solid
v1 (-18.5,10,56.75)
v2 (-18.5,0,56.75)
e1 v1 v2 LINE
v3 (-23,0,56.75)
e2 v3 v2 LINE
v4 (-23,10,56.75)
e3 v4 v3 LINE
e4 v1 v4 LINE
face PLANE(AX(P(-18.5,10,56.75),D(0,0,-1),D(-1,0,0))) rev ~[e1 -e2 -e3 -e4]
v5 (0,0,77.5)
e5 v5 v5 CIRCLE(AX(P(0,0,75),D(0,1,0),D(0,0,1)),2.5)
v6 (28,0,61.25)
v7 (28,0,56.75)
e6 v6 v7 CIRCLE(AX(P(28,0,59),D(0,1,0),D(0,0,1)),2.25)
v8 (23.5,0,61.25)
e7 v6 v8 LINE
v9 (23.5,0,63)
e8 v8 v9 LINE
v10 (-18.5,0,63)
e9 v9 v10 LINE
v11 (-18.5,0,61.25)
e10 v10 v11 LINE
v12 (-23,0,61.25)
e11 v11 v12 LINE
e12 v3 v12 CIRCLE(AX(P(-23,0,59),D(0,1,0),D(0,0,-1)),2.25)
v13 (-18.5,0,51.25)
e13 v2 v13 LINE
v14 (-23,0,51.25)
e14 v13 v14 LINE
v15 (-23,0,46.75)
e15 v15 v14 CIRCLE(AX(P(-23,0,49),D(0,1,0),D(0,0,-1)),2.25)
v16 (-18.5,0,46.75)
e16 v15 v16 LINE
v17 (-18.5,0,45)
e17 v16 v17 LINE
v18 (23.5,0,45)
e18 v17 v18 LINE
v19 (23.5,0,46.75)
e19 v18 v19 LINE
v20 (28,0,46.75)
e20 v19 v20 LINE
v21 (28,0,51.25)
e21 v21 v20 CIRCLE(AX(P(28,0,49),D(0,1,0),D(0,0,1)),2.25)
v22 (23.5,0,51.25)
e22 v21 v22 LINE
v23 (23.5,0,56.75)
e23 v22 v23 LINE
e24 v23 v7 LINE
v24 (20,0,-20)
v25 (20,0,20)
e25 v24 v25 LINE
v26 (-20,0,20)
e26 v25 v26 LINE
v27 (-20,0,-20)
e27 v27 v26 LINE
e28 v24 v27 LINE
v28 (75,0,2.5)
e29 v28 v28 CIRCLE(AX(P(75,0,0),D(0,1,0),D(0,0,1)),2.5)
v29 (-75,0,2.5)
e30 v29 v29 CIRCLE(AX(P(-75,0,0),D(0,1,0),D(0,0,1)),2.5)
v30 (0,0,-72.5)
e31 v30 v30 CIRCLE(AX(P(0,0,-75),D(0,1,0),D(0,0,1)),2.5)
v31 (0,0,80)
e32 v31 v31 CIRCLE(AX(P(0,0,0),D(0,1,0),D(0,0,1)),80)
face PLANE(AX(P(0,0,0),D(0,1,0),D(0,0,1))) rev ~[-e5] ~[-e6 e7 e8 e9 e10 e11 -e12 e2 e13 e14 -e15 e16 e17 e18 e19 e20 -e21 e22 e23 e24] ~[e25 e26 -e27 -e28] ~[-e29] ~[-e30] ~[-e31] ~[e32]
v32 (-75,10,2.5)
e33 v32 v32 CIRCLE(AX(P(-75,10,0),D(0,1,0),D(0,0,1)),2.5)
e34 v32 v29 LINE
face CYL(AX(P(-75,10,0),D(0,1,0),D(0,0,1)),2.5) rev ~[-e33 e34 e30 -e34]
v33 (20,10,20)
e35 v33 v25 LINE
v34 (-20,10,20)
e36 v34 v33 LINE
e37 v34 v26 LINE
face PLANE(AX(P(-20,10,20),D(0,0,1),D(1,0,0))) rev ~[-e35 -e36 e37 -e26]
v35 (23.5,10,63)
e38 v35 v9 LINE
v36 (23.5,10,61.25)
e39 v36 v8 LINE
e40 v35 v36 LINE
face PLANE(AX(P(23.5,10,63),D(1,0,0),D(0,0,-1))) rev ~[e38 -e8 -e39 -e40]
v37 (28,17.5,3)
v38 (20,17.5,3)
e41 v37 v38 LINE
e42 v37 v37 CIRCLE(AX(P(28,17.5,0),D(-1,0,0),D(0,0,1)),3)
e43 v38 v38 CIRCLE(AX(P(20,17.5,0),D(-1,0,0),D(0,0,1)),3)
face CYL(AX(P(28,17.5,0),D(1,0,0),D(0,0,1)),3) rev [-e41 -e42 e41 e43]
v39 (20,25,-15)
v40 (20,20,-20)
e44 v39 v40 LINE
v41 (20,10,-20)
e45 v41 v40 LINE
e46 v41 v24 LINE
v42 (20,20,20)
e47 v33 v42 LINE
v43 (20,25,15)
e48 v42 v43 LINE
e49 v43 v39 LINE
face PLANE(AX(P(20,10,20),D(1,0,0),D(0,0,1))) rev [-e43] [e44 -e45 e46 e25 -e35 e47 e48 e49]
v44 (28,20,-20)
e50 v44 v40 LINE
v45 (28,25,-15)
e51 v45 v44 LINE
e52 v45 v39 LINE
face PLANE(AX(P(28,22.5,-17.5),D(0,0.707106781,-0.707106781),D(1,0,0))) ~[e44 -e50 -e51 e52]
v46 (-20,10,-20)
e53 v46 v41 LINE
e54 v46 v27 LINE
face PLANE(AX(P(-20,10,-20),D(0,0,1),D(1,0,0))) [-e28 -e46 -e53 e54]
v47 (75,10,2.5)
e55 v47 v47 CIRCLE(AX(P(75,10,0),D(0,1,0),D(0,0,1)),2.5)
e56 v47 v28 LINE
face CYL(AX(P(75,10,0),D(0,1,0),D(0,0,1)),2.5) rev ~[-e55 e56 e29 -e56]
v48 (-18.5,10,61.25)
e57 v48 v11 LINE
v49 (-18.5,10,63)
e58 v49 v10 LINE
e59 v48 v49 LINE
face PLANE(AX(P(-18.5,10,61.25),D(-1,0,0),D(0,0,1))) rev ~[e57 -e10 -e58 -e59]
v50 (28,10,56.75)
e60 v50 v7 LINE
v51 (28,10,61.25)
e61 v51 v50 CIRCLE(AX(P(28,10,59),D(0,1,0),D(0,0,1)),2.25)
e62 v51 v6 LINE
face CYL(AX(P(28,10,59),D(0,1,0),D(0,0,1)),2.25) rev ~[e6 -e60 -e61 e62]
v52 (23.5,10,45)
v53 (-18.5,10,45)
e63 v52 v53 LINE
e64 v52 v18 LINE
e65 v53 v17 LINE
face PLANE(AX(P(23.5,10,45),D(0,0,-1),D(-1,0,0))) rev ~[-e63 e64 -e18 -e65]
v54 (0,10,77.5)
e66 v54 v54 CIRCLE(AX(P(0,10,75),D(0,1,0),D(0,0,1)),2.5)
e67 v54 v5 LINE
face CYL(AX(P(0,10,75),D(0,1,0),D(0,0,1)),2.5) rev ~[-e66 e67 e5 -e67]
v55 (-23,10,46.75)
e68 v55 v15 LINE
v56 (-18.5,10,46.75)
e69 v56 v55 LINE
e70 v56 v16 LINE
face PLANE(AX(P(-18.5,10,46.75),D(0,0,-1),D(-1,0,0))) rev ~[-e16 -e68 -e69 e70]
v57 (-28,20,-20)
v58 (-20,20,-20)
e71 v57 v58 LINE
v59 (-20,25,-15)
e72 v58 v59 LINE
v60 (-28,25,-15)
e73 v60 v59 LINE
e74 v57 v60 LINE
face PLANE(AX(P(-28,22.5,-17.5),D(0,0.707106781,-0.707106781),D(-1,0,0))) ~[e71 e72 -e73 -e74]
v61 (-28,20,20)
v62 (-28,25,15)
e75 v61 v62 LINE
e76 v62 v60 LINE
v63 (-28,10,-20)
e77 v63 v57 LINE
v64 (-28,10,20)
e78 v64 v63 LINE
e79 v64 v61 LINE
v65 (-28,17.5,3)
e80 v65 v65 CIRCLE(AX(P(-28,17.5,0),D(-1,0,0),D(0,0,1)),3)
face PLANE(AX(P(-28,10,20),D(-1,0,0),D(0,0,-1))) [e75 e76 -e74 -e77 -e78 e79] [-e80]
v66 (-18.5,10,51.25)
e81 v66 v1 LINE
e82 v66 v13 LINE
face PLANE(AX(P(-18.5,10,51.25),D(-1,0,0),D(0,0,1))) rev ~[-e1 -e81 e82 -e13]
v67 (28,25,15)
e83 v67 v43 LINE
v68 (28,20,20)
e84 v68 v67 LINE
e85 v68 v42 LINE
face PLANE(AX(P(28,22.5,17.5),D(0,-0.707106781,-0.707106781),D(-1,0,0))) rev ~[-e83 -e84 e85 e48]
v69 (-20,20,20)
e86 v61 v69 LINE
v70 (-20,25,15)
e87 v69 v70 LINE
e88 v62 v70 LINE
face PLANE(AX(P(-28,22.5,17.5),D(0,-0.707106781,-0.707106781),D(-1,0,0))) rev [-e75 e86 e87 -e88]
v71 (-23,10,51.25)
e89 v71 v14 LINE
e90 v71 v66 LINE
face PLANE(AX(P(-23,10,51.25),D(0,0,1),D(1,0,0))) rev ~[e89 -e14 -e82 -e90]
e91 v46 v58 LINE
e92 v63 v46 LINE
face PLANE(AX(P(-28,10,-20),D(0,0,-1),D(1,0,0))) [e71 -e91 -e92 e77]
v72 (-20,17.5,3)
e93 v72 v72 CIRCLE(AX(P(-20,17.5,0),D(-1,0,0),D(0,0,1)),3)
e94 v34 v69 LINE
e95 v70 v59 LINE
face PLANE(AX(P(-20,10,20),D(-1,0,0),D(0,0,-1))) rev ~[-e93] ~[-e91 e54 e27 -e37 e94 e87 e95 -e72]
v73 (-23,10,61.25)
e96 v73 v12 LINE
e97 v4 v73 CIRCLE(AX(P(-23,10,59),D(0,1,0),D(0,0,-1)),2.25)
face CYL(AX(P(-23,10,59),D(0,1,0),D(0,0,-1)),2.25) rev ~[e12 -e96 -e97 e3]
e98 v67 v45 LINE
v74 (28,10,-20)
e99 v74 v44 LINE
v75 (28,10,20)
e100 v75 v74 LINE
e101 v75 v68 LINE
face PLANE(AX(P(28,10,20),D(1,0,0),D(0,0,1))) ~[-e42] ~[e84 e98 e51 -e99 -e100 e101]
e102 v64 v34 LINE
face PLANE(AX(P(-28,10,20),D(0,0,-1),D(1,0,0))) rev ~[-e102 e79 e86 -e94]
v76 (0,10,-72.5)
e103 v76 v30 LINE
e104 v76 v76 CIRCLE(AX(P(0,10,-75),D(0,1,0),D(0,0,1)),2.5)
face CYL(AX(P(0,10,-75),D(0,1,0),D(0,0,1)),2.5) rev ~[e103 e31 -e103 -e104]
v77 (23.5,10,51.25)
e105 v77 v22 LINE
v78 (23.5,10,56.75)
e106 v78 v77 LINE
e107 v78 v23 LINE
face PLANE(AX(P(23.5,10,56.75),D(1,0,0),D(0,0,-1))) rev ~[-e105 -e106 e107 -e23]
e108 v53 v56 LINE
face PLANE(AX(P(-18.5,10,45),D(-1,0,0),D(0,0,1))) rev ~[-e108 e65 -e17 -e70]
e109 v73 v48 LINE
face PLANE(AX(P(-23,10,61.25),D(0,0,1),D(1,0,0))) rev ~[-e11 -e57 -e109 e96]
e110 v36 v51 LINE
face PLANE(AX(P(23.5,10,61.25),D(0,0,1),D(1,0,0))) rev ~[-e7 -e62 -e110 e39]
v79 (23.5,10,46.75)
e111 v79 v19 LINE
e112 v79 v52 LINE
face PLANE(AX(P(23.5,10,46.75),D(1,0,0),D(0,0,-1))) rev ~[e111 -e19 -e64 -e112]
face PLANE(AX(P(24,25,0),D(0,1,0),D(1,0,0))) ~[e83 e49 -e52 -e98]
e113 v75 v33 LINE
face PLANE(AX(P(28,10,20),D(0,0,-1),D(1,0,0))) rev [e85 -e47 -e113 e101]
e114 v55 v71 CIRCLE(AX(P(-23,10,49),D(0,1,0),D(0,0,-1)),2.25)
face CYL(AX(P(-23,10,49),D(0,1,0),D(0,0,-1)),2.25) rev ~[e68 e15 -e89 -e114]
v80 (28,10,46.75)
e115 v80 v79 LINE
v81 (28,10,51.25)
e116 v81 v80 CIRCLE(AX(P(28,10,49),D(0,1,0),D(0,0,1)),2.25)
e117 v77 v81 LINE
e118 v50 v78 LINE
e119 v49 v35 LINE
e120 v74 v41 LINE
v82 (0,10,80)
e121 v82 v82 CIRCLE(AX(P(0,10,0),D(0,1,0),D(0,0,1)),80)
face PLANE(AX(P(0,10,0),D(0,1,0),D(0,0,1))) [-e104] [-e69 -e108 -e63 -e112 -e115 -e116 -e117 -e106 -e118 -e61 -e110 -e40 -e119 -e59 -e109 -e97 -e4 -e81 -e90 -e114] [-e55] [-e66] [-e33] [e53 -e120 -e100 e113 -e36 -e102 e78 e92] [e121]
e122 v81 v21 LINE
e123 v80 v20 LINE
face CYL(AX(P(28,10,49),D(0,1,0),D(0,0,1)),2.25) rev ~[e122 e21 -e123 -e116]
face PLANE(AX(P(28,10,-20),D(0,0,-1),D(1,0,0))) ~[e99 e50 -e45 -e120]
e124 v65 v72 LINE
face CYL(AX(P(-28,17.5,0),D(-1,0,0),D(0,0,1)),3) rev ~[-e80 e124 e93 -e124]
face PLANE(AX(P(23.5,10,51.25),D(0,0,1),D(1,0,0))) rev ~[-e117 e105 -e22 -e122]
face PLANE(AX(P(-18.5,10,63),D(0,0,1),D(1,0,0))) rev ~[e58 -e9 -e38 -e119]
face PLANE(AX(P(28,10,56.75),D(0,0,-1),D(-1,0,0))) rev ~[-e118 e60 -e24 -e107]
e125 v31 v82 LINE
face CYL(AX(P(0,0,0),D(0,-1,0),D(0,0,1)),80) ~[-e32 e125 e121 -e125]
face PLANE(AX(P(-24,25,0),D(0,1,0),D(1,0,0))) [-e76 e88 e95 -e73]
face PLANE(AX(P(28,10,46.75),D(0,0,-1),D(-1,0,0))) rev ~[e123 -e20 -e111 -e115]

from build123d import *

# Parameters (mm, degrees)
SKETCH1_R               = 80
BOSS_EXTRUDE1_DEPTH     = 10
CUT_EXTRUDE1_REACH      = 115.578
SKETCH2_R               = 2.5
CUT_EXTRUDE2_REACH      = 115.578
SKETCH3_W               = 40
SKETCH3_H               = 40
CUT_EXTRUDE3_REACH      = 115.578
SKETCH5_W               = 8
SKETCH5_H               = 40
BOSS_EXTRUDE2_DEPTH     = 15
FILLET1_SIZE            = 5
CUT_EXTRUDE4_REACH      = 138.708
SKETCH6_R               = 3
FILLET1_OF_MIRROR1_SIZE = 5


with BuildPart() as part:
    # Sketch1 → Boss-Extrude1 (new body)
    with BuildSketch(Plane(origin=(0, 0, 0), x_dir=(1, 0, 0), z_dir=(0, 1, 0))):
        with Locations(Location((0, 0, 0), (0, 0, 270))):
            Circle(SKETCH1_R)
    extrude(amount=BOSS_EXTRUDE1_DEPTH)

    # Sketch2 → Cut-Extrude1 (cut, up to next)
    with BuildSketch(Plane(origin=(0, 10, 0), x_dir=(1, 0, 0), z_dir=(0, 1, 0)), mode=Mode.PRIVATE) as cut_extrude1_sk1:
        with Locations(Location((-75, 0, 0), (0, 0, 270))):
            Circle(SKETCH2_R)
    cut_extrude1_tool1 = extrude(cut_extrude1_sk1.sketch, amount=-CUT_EXTRUDE1_REACH, mode=Mode.PRIVATE) & part.part
    # Sketch2 → Cut-Extrude1 (cut, up to next)
    with BuildSketch(Plane(origin=(0, 10, 0), x_dir=(1, 0, 0), z_dir=(0, 1, 0)), mode=Mode.PRIVATE) as cut_extrude1_sk2:
        with Locations(Location((0, 75, 0), (0, 0, 270))):
            Circle(SKETCH2_R)
    cut_extrude1_tool2 = extrude(cut_extrude1_sk2.sketch, amount=-CUT_EXTRUDE1_REACH, mode=Mode.PRIVATE) & part.part
    # Sketch2 → Cut-Extrude1 (cut, up to next)
    with BuildSketch(Plane(origin=(0, 10, 0), x_dir=(1, 0, 0), z_dir=(0, 1, 0)), mode=Mode.PRIVATE) as cut_extrude1_sk3:
        with Locations(Location((75, 0, 0), (0, 0, 270))):
            Circle(SKETCH2_R)
    cut_extrude1_tool3 = extrude(cut_extrude1_sk3.sketch, amount=-CUT_EXTRUDE1_REACH, mode=Mode.PRIVATE) & part.part
    # Sketch2 → Cut-Extrude1 (cut, up to next)
    with BuildSketch(Plane(origin=(0, 10, 0), x_dir=(1, 0, 0), z_dir=(0, 1, 0)), mode=Mode.PRIVATE) as cut_extrude1_sk4:
        with Locations(Location((0, -75, 0), (0, 0, 270))):
            Circle(SKETCH2_R)
    cut_extrude1_tool4 = extrude(cut_extrude1_sk4.sketch, amount=-CUT_EXTRUDE1_REACH, mode=Mode.PRIVATE) & part.part
    add(cut_extrude1_tool1.solids().sort_by_distance((-75, 10, 0))[0], mode=Mode.SUBTRACT)
    add(cut_extrude1_tool2.solids().sort_by_distance((0, 10, -75))[0], mode=Mode.SUBTRACT)
    add(cut_extrude1_tool3.solids().sort_by_distance((75, 10, 0))[0], mode=Mode.SUBTRACT)
    add(cut_extrude1_tool4.solids().sort_by_distance((0, 10, 75))[0], mode=Mode.SUBTRACT)

    # Sketch3 → Cut-Extrude2 (cut, up to next)
    with BuildSketch(Plane(origin=(0, 10, 0), x_dir=(1, 0, 0), z_dir=(0, 1, 0)), mode=Mode.PRIVATE) as cut_extrude2_sk1:
        Rectangle(SKETCH3_W, SKETCH3_H)
    cut_extrude2_tool1 = extrude(cut_extrude2_sk1.sketch, amount=-CUT_EXTRUDE2_REACH, mode=Mode.PRIVATE) & part.part
    add(cut_extrude2_tool1.solids().sort_by_distance((0, 10, 0))[0], mode=Mode.SUBTRACT)

    # Sketch4 → Cut-Extrude3 (cut, up to next)
    with BuildSketch(Plane(origin=(0, 10, 0), x_dir=(1, 0, 0), z_dir=(0, 1, 0)), mode=Mode.PRIVATE) as cut_extrude3_sk1:
        with BuildLine():
            Line((23.5, -45), (-18.5, -45))
            Line((-18.5, -45), (-18.5, -46.75))
            Line((-18.5, -46.75), (-23, -46.75))
            ThreePointArc((-23, -46.75), (-25.25, -49), (-23, -51.25))
            Line((-23, -51.25), (-18.5, -51.25))
            Line((-18.5, -51.25), (-18.5, -56.75))
            Line((-18.5, -56.75), (-23, -56.75))
            ThreePointArc((-23, -56.75), (-25.25, -59), (-23, -61.25))
            Line((-23, -61.25), (-18.5, -61.25))
            Line((-18.5, -61.25), (-18.5, -63))
            Line((-18.5, -63), (23.5, -63))
            Line((23.5, -63), (23.5, -61.25))
            Line((23.5, -61.25), (28, -61.25))
            ThreePointArc((28, -61.25), (30.25, -59), (28, -56.75))
            Line((28, -56.75), (23.5, -56.75))
            Line((23.5, -56.75), (23.5, -51.25))
            Line((23.5, -51.25), (28, -51.25))
            ThreePointArc((28, -51.25), (30.25, -49), (28, -46.75))
            Line((28, -46.75), (23.5, -46.75))
            Line((23.5, -46.75), (23.5, -45))
        make_face()
    cut_extrude3_tool1 = extrude(cut_extrude3_sk1.sketch, amount=-CUT_EXTRUDE3_REACH, mode=Mode.PRIVATE) & part.part
    add(cut_extrude3_tool1.solids().sort_by_distance((2.5, 10, 54))[0], mode=Mode.SUBTRACT)

    # Sketch5 → Boss-Extrude2 (add)
    with BuildSketch(Plane(origin=(0, 10, 0), x_dir=(1, 0, 0), z_dir=(0, 1, 0))):
        with Locations((-24, 0)):
            Rectangle(SKETCH5_W, SKETCH5_H)
    boss_extrude2 = extrude(amount=BOSS_EXTRUDE2_DEPTH)

    # Fillet1
    fillet1_edges = [part.edges().sort_by_distance(p)[0] for p in [
        (-24, 25, -20),
        (-24, 25, 20),
    ]]
    chamfer(fillet1_edges, length=FILLET1_SIZE)

    # Sketch6 → Cut-Extrude4 (cut, up to next)
    with BuildSketch(Plane.ZY.offset(28), mode=Mode.PRIVATE) as cut_extrude4_sk1:
        with Locations((0, 17.5)):
            Circle(SKETCH6_R)
    cut_extrude4_tool1 = extrude(cut_extrude4_sk1.sketch, amount=-CUT_EXTRUDE4_REACH, mode=Mode.PRIVATE) & part.part
    cut_extrude4 = cut_extrude4_tool1.solids().sort_by_distance((-28, 17.5, 0))[0]
    add(cut_extrude4, mode=Mode.SUBTRACT)

    # Mirror1: Boss-Extrude2, Cut-Extrude4 across plane
    add(boss_extrude2.mirror(Plane.ZY))
    add(cut_extrude4.mirror(Plane.ZY), mode=Mode.SUBTRACT)

    # Fillet1 of Mirror1
    fillet1_of_mirror1_edges = [part.edges().sort_by_distance(p)[0] for p in [
        (24, 25, -20),
        (24, 25, 20),
    ]]
    chamfer(fillet1_of_mirror1_edges, length=FILLET1_OF_MIRROR1_SIZE)


solid = part.part
